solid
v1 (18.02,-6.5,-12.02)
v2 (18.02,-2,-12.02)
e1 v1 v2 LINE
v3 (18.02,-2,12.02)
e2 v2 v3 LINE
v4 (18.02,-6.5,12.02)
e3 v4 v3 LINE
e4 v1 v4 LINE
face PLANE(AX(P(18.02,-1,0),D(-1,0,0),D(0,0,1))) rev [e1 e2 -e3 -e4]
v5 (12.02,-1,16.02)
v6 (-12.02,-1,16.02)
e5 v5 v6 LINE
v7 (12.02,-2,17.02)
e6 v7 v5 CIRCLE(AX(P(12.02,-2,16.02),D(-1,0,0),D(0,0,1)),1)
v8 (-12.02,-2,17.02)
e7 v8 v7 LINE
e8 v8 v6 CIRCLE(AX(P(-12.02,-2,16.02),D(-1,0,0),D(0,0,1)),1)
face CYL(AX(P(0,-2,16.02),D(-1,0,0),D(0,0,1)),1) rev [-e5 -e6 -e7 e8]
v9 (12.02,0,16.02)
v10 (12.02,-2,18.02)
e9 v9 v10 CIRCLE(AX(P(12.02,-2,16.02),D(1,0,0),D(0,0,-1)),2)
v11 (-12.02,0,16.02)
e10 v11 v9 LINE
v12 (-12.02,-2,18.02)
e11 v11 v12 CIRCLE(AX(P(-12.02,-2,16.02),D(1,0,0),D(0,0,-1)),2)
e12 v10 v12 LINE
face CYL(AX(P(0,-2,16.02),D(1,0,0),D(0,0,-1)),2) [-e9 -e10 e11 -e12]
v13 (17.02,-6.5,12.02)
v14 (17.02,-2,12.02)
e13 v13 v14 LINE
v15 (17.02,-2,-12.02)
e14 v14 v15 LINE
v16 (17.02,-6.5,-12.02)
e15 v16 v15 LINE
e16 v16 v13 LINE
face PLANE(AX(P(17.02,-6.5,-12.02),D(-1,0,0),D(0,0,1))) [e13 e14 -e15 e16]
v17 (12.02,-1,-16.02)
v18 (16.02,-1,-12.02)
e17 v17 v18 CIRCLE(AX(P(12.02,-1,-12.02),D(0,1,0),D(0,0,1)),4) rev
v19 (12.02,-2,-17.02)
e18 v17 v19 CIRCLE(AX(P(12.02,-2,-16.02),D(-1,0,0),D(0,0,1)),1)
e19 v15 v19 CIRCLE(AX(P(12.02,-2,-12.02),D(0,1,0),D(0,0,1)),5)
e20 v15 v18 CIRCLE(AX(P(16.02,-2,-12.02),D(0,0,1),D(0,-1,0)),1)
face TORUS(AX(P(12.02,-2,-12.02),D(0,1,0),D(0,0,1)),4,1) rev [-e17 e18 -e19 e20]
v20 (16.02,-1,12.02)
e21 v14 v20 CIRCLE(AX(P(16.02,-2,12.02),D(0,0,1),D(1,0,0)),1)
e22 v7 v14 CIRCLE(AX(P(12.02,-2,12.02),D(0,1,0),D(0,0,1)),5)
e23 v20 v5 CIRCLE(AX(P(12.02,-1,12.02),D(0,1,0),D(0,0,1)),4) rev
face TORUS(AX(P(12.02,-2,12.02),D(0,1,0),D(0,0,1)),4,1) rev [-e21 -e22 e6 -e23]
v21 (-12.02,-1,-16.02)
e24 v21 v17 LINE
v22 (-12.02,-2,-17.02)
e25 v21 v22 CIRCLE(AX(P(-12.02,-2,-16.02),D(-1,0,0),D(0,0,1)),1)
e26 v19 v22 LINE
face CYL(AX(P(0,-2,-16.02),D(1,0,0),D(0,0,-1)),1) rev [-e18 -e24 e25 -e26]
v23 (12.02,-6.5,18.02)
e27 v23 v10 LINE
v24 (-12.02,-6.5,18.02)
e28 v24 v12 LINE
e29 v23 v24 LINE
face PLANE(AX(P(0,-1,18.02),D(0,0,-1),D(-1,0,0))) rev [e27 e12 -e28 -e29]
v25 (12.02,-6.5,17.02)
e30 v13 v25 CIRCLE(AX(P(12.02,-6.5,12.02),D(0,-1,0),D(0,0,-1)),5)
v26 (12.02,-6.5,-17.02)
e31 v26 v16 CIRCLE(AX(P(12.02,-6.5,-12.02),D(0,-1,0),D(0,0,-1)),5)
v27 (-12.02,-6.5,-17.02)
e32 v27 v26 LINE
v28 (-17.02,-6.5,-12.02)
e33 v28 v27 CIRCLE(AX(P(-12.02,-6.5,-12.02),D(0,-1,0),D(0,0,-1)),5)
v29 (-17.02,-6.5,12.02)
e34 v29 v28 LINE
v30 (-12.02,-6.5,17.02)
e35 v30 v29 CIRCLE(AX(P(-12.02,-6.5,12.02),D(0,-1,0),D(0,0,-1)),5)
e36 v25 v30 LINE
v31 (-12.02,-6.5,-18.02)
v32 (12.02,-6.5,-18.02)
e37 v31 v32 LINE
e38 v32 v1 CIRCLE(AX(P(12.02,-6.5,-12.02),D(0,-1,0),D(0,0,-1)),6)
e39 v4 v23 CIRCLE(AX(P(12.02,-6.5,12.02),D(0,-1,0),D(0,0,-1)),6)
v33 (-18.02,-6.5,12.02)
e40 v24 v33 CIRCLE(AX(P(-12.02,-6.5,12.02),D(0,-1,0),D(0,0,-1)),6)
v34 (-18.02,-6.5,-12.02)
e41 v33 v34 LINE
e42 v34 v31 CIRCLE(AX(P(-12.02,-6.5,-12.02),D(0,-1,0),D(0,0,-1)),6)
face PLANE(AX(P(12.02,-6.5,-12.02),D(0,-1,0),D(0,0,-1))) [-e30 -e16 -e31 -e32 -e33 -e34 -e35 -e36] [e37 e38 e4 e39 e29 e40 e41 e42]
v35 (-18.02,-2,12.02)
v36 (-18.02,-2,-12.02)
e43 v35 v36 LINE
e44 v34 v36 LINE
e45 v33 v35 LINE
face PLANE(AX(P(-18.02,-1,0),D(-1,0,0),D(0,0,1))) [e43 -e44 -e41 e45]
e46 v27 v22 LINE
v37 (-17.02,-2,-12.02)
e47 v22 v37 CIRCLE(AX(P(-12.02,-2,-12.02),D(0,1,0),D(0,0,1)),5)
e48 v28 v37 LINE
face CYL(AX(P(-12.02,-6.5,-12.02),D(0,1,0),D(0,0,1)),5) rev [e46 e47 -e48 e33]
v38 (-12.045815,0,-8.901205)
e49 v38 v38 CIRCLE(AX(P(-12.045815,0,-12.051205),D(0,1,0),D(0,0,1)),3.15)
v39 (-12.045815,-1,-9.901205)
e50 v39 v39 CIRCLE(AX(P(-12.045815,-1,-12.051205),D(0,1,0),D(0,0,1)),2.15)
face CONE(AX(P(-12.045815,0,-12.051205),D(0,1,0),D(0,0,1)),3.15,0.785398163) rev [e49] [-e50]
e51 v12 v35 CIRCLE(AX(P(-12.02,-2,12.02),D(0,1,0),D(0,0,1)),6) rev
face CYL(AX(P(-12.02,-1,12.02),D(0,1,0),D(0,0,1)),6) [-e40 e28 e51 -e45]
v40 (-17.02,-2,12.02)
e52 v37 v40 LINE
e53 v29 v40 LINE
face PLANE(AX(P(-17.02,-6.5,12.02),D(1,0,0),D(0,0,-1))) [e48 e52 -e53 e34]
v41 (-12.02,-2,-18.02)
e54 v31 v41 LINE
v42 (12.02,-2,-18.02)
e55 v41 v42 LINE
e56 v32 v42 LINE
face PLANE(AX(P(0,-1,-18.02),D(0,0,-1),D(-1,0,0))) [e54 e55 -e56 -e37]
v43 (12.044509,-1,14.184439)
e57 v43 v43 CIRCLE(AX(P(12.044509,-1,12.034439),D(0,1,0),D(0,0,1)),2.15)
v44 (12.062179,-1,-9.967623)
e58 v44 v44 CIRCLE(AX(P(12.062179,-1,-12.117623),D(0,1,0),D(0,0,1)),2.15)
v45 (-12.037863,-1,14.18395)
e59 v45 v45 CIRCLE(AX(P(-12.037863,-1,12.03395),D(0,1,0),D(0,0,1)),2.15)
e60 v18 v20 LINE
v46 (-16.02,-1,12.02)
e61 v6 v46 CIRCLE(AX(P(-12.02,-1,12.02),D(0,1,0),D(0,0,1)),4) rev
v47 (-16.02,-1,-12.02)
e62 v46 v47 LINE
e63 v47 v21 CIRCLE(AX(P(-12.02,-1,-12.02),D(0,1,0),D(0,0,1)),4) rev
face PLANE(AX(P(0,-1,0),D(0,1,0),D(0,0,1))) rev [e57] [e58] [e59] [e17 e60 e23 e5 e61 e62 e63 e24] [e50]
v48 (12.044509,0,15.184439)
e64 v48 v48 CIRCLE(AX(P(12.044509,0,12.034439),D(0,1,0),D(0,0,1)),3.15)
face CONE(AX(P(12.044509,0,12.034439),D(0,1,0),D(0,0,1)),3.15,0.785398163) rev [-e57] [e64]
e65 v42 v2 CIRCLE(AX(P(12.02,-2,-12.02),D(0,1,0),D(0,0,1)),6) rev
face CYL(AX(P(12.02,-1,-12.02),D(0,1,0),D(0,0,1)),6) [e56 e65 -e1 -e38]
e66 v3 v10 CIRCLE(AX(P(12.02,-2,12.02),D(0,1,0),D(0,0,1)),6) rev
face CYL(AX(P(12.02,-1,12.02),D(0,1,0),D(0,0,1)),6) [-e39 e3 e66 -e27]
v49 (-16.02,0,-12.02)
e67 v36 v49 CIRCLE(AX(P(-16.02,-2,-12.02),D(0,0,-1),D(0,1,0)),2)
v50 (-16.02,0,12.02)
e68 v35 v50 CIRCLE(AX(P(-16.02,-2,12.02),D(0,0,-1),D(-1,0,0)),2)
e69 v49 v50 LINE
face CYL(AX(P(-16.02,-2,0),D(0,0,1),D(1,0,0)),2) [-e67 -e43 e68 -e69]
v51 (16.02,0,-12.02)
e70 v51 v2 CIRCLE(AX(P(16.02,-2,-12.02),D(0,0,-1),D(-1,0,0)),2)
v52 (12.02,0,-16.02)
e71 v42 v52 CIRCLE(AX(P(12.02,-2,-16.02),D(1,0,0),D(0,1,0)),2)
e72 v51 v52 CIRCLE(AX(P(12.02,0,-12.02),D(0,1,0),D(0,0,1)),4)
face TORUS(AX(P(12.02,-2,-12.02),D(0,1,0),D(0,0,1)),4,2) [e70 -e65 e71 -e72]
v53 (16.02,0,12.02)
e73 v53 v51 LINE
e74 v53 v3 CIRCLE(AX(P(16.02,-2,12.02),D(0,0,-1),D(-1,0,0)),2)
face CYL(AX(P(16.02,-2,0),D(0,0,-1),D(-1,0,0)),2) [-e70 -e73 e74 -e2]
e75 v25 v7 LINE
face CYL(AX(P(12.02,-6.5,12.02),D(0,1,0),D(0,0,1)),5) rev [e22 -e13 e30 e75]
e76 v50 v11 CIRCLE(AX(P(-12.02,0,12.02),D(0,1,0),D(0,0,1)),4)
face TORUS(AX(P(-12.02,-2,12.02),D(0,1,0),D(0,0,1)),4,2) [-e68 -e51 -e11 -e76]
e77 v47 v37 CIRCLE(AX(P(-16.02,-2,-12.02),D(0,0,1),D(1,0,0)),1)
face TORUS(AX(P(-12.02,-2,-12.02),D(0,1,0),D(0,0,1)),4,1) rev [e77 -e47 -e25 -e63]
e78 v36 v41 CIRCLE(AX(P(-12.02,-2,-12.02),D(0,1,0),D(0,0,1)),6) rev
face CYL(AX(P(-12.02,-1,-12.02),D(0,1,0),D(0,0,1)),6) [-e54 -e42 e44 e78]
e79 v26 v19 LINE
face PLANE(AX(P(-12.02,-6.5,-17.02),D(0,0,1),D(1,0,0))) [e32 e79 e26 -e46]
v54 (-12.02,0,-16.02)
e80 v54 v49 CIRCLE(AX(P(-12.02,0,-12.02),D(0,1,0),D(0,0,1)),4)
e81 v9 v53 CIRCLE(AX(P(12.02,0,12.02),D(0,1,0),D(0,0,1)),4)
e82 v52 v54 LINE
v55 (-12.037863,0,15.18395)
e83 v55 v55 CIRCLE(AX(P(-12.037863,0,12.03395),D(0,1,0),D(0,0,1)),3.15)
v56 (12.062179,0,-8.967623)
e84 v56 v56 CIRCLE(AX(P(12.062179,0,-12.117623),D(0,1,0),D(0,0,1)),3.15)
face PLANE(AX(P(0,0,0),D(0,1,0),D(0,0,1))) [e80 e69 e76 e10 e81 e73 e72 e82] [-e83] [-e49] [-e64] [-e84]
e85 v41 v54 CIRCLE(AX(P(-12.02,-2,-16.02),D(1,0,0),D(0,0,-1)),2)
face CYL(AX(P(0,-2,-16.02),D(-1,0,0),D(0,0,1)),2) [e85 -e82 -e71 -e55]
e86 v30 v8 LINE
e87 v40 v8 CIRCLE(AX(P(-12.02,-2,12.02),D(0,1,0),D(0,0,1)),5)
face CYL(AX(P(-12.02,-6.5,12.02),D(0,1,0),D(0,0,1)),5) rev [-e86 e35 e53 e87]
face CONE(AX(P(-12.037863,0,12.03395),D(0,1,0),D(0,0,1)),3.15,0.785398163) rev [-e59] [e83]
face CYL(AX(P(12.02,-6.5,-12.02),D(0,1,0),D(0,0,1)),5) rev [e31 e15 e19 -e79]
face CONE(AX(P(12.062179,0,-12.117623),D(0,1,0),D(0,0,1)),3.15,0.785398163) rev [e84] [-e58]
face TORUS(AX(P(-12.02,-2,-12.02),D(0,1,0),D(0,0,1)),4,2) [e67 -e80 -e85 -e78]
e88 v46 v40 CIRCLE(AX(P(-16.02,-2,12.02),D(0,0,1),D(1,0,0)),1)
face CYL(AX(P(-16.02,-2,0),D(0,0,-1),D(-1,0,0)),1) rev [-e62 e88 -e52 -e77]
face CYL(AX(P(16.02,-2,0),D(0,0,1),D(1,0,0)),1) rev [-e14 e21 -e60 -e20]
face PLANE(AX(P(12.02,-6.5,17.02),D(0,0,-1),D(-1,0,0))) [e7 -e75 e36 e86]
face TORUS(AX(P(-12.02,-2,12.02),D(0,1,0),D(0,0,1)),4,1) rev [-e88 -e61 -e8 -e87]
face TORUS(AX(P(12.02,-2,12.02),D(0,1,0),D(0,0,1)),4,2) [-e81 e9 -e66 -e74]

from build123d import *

# Parameters (mm, degrees)
BOSS_EXTRUDE1_DEPTH                          = 1
CSK_FOR_M3_COUNTERSUNK_FLAT_HEAD_SCR_2_COUNT = 2
CSK_FOR_M3_COUNTERSUNK_FLAT_HEAD_SCR_2_PITCH = 34.11906313
CSK_FOR_M3_COUNTERSUNK_FLAT_HEAD_SCR_3_COUNT = 2
CSK_FOR_M3_COUNTERSUNK_FLAT_HEAD_SCR_3_PITCH = 24.08237255
CSK_FOR_M3_COUNTERSUNK_FLAT_HEAD_SCR_4_COUNT = 2
CSK_FOR_M3_COUNTERSUNK_FLAT_HEAD_SCR_4_PITCH = 24.085156004
BOSS_EXTRUDE3_DEPTH                          = 5.5
FILLET1_R                                    = 2
FILLET2_R                                    = 1


with BuildPart() as part:
    # Sketch5 → Boss-Extrude1 (new body)
    with BuildSketch(Plane(origin=(0, 0, 0), x_dir=(1, 0, 0), z_dir=(0, 1, 0))):
        with BuildLine():
            Line((-18.02, 12.02), (-18.02, -12.02))
            ThreePointArc((-18.02, -12.02), (-16.262640687, -16.262640687), (-12.02, -18.02))
            Line((-12.02, -18.02), (12.02, -18.02))
            ThreePointArc((12.02, -18.02), (16.262640687, -16.262640687), (18.02, -12.02))
            Line((18.02, -12.02), (18.02, 12.02))
            ThreePointArc((18.02, 12.02), (16.262640687, 16.262640687), (12.02, 18.02))
            Line((12.02, 18.02), (-12.02, 18.02))
            ThreePointArc((-12.02, 18.02), (-16.262640687, 16.262640687), (-18.02, 12.02))
        make_face()
    extrude(amount=-BOSS_EXTRUDE1_DEPTH)

    # Sketch15 → CSK for M3 Countersunk Flat Head Screw3 (revolve, cut)
    with BuildSketch(Plane(origin=(-12.037863248, 0, 12.033949607), x_dir=(0, 0, 1), z_dir=(1, 0, 0))):
        Polygon((0, 0), (0, 1.001), (1.7, 1.001), (1.7, 1.45), (3.15, 0), align=None)
    csk_for_m3_countersunk_flat_head_screw3 = revolve(axis=Axis((-12.037863248, 6.35, 12.033949607), (0, -1, 0)), mode=Mode.SUBTRACT)

    # CSK for M3 Countersunk Flat Head Scr 2: CSK for M3 Countersunk Flat Head Screw3 ×2
    with Locations(*[Vector(0.706351229, 0, -0.707861527) * (i * CSK_FOR_M3_COUNTERSUNK_FLAT_HEAD_SCR_2_PITCH) for i in range(1, CSK_FOR_M3_COUNTERSUNK_FLAT_HEAD_SCR_2_COUNT)]):
        add(csk_for_m3_countersunk_flat_head_screw3, mode=Mode.SUBTRACT)

    # CSK for M3 Countersunk Flat Head Scr 3: CSK for M3 Countersunk Flat Head Screw3 ×2
    with Locations(*[(i * CSK_FOR_M3_COUNTERSUNK_FLAT_HEAD_SCR_3_PITCH, 0, 0) for i in range(1, CSK_FOR_M3_COUNTERSUNK_FLAT_HEAD_SCR_3_COUNT)]):
        add(csk_for_m3_countersunk_flat_head_screw3, mode=Mode.SUBTRACT)

    # CSK for M3 Countersunk Flat Head Scr 4: CSK for M3 Countersunk Flat Head Screw3 ×2
    with Locations(*[Vector(-0.000330161, 0, -0.999999945) * (i * CSK_FOR_M3_COUNTERSUNK_FLAT_HEAD_SCR_4_PITCH) for i in range(1, CSK_FOR_M3_COUNTERSUNK_FLAT_HEAD_SCR_4_COUNT)]):
        add(csk_for_m3_countersunk_flat_head_screw3, mode=Mode.SUBTRACT)

    # Sketch16 → Boss-Extrude3 (add)
    with BuildSketch(Plane.XZ.offset(1)):
        with BuildLine():
            Line((18.02, -12.02), (18.02, 12.02))
            ThreePointArc((18.02, 12.02), (16.262640687, 16.262640687), (12.02, 18.02))
            Line((12.02, 18.02), (-12.02, 18.02))
            ThreePointArc((-12.02, 18.02), (-16.262640687, 16.262640687), (-18.02, 12.02))
            Line((-18.02, 12.02), (-18.02, -12.02))
            ThreePointArc((-18.02, -12.02), (-16.262640687, -16.262640687), (-12.02, -18.02))
            Line((-12.02, -18.02), (12.02, -18.02))
            ThreePointArc((12.02, -18.02), (16.262640687, -16.262640687), (18.02, -12.02))
        make_face()
        with BuildLine():
            Line((17.02, -12.02), (17.02, 12.02))
            ThreePointArc((17.02, 12.02), (15.555533906, 15.555533906), (12.02, 17.02))
            Line((12.02, 17.02), (-12.02, 17.02))
            ThreePointArc((-12.02, 17.02), (-15.555533906, 15.555533906), (-17.02, 12.02))
            Line((-17.02, 12.02), (-17.02, -12.02))
            ThreePointArc((-17.02, -12.02), (-15.555533906, -15.555533906), (-12.02, -17.02))
            Line((-12.02, -17.02), (12.02, -17.02))
            ThreePointArc((12.02, -17.02), (15.555533906, -15.555533906), (17.02, -12.02))
        make_face(mode=Mode.SUBTRACT)
    extrude(amount=BOSS_EXTRUDE3_DEPTH)

    # Fillet1
    fillet1_edges = [part.edges().sort_by_distance(p)[0] for p in [
        (16.262640687, 0, 16.262640687),
        (0, 0, 18.02),
        (-16.262640687, 0, 16.262640687),
        (-18.02, 0, 0),
        (-16.262640687, 0, -16.262640687),
        (0, 0, -18.02),
        (16.262640687, 0, -16.262640687),
        (18.02, 0, 0),
    ]]
    fillet(fillet1_edges, radius=FILLET1_R)

    # Fillet2
    fillet2_edges = [part.edges().sort_by_distance(p)[0] for p in [
        (15.555533906, -1, -15.555533906),
        (17.02, -1, 0),
        (15.555533906, -1, 15.555533906),
        (0, -1, 17.02),
        (-15.555533906, -1, 15.555533906),
        (-17.02, -1, 0),
        (-15.555533906, -1, -15.555533906),
        (0, -1, -17.02),
    ]]
    fillet(fillet2_edges, radius=FILLET2_R)


solid = part.part
